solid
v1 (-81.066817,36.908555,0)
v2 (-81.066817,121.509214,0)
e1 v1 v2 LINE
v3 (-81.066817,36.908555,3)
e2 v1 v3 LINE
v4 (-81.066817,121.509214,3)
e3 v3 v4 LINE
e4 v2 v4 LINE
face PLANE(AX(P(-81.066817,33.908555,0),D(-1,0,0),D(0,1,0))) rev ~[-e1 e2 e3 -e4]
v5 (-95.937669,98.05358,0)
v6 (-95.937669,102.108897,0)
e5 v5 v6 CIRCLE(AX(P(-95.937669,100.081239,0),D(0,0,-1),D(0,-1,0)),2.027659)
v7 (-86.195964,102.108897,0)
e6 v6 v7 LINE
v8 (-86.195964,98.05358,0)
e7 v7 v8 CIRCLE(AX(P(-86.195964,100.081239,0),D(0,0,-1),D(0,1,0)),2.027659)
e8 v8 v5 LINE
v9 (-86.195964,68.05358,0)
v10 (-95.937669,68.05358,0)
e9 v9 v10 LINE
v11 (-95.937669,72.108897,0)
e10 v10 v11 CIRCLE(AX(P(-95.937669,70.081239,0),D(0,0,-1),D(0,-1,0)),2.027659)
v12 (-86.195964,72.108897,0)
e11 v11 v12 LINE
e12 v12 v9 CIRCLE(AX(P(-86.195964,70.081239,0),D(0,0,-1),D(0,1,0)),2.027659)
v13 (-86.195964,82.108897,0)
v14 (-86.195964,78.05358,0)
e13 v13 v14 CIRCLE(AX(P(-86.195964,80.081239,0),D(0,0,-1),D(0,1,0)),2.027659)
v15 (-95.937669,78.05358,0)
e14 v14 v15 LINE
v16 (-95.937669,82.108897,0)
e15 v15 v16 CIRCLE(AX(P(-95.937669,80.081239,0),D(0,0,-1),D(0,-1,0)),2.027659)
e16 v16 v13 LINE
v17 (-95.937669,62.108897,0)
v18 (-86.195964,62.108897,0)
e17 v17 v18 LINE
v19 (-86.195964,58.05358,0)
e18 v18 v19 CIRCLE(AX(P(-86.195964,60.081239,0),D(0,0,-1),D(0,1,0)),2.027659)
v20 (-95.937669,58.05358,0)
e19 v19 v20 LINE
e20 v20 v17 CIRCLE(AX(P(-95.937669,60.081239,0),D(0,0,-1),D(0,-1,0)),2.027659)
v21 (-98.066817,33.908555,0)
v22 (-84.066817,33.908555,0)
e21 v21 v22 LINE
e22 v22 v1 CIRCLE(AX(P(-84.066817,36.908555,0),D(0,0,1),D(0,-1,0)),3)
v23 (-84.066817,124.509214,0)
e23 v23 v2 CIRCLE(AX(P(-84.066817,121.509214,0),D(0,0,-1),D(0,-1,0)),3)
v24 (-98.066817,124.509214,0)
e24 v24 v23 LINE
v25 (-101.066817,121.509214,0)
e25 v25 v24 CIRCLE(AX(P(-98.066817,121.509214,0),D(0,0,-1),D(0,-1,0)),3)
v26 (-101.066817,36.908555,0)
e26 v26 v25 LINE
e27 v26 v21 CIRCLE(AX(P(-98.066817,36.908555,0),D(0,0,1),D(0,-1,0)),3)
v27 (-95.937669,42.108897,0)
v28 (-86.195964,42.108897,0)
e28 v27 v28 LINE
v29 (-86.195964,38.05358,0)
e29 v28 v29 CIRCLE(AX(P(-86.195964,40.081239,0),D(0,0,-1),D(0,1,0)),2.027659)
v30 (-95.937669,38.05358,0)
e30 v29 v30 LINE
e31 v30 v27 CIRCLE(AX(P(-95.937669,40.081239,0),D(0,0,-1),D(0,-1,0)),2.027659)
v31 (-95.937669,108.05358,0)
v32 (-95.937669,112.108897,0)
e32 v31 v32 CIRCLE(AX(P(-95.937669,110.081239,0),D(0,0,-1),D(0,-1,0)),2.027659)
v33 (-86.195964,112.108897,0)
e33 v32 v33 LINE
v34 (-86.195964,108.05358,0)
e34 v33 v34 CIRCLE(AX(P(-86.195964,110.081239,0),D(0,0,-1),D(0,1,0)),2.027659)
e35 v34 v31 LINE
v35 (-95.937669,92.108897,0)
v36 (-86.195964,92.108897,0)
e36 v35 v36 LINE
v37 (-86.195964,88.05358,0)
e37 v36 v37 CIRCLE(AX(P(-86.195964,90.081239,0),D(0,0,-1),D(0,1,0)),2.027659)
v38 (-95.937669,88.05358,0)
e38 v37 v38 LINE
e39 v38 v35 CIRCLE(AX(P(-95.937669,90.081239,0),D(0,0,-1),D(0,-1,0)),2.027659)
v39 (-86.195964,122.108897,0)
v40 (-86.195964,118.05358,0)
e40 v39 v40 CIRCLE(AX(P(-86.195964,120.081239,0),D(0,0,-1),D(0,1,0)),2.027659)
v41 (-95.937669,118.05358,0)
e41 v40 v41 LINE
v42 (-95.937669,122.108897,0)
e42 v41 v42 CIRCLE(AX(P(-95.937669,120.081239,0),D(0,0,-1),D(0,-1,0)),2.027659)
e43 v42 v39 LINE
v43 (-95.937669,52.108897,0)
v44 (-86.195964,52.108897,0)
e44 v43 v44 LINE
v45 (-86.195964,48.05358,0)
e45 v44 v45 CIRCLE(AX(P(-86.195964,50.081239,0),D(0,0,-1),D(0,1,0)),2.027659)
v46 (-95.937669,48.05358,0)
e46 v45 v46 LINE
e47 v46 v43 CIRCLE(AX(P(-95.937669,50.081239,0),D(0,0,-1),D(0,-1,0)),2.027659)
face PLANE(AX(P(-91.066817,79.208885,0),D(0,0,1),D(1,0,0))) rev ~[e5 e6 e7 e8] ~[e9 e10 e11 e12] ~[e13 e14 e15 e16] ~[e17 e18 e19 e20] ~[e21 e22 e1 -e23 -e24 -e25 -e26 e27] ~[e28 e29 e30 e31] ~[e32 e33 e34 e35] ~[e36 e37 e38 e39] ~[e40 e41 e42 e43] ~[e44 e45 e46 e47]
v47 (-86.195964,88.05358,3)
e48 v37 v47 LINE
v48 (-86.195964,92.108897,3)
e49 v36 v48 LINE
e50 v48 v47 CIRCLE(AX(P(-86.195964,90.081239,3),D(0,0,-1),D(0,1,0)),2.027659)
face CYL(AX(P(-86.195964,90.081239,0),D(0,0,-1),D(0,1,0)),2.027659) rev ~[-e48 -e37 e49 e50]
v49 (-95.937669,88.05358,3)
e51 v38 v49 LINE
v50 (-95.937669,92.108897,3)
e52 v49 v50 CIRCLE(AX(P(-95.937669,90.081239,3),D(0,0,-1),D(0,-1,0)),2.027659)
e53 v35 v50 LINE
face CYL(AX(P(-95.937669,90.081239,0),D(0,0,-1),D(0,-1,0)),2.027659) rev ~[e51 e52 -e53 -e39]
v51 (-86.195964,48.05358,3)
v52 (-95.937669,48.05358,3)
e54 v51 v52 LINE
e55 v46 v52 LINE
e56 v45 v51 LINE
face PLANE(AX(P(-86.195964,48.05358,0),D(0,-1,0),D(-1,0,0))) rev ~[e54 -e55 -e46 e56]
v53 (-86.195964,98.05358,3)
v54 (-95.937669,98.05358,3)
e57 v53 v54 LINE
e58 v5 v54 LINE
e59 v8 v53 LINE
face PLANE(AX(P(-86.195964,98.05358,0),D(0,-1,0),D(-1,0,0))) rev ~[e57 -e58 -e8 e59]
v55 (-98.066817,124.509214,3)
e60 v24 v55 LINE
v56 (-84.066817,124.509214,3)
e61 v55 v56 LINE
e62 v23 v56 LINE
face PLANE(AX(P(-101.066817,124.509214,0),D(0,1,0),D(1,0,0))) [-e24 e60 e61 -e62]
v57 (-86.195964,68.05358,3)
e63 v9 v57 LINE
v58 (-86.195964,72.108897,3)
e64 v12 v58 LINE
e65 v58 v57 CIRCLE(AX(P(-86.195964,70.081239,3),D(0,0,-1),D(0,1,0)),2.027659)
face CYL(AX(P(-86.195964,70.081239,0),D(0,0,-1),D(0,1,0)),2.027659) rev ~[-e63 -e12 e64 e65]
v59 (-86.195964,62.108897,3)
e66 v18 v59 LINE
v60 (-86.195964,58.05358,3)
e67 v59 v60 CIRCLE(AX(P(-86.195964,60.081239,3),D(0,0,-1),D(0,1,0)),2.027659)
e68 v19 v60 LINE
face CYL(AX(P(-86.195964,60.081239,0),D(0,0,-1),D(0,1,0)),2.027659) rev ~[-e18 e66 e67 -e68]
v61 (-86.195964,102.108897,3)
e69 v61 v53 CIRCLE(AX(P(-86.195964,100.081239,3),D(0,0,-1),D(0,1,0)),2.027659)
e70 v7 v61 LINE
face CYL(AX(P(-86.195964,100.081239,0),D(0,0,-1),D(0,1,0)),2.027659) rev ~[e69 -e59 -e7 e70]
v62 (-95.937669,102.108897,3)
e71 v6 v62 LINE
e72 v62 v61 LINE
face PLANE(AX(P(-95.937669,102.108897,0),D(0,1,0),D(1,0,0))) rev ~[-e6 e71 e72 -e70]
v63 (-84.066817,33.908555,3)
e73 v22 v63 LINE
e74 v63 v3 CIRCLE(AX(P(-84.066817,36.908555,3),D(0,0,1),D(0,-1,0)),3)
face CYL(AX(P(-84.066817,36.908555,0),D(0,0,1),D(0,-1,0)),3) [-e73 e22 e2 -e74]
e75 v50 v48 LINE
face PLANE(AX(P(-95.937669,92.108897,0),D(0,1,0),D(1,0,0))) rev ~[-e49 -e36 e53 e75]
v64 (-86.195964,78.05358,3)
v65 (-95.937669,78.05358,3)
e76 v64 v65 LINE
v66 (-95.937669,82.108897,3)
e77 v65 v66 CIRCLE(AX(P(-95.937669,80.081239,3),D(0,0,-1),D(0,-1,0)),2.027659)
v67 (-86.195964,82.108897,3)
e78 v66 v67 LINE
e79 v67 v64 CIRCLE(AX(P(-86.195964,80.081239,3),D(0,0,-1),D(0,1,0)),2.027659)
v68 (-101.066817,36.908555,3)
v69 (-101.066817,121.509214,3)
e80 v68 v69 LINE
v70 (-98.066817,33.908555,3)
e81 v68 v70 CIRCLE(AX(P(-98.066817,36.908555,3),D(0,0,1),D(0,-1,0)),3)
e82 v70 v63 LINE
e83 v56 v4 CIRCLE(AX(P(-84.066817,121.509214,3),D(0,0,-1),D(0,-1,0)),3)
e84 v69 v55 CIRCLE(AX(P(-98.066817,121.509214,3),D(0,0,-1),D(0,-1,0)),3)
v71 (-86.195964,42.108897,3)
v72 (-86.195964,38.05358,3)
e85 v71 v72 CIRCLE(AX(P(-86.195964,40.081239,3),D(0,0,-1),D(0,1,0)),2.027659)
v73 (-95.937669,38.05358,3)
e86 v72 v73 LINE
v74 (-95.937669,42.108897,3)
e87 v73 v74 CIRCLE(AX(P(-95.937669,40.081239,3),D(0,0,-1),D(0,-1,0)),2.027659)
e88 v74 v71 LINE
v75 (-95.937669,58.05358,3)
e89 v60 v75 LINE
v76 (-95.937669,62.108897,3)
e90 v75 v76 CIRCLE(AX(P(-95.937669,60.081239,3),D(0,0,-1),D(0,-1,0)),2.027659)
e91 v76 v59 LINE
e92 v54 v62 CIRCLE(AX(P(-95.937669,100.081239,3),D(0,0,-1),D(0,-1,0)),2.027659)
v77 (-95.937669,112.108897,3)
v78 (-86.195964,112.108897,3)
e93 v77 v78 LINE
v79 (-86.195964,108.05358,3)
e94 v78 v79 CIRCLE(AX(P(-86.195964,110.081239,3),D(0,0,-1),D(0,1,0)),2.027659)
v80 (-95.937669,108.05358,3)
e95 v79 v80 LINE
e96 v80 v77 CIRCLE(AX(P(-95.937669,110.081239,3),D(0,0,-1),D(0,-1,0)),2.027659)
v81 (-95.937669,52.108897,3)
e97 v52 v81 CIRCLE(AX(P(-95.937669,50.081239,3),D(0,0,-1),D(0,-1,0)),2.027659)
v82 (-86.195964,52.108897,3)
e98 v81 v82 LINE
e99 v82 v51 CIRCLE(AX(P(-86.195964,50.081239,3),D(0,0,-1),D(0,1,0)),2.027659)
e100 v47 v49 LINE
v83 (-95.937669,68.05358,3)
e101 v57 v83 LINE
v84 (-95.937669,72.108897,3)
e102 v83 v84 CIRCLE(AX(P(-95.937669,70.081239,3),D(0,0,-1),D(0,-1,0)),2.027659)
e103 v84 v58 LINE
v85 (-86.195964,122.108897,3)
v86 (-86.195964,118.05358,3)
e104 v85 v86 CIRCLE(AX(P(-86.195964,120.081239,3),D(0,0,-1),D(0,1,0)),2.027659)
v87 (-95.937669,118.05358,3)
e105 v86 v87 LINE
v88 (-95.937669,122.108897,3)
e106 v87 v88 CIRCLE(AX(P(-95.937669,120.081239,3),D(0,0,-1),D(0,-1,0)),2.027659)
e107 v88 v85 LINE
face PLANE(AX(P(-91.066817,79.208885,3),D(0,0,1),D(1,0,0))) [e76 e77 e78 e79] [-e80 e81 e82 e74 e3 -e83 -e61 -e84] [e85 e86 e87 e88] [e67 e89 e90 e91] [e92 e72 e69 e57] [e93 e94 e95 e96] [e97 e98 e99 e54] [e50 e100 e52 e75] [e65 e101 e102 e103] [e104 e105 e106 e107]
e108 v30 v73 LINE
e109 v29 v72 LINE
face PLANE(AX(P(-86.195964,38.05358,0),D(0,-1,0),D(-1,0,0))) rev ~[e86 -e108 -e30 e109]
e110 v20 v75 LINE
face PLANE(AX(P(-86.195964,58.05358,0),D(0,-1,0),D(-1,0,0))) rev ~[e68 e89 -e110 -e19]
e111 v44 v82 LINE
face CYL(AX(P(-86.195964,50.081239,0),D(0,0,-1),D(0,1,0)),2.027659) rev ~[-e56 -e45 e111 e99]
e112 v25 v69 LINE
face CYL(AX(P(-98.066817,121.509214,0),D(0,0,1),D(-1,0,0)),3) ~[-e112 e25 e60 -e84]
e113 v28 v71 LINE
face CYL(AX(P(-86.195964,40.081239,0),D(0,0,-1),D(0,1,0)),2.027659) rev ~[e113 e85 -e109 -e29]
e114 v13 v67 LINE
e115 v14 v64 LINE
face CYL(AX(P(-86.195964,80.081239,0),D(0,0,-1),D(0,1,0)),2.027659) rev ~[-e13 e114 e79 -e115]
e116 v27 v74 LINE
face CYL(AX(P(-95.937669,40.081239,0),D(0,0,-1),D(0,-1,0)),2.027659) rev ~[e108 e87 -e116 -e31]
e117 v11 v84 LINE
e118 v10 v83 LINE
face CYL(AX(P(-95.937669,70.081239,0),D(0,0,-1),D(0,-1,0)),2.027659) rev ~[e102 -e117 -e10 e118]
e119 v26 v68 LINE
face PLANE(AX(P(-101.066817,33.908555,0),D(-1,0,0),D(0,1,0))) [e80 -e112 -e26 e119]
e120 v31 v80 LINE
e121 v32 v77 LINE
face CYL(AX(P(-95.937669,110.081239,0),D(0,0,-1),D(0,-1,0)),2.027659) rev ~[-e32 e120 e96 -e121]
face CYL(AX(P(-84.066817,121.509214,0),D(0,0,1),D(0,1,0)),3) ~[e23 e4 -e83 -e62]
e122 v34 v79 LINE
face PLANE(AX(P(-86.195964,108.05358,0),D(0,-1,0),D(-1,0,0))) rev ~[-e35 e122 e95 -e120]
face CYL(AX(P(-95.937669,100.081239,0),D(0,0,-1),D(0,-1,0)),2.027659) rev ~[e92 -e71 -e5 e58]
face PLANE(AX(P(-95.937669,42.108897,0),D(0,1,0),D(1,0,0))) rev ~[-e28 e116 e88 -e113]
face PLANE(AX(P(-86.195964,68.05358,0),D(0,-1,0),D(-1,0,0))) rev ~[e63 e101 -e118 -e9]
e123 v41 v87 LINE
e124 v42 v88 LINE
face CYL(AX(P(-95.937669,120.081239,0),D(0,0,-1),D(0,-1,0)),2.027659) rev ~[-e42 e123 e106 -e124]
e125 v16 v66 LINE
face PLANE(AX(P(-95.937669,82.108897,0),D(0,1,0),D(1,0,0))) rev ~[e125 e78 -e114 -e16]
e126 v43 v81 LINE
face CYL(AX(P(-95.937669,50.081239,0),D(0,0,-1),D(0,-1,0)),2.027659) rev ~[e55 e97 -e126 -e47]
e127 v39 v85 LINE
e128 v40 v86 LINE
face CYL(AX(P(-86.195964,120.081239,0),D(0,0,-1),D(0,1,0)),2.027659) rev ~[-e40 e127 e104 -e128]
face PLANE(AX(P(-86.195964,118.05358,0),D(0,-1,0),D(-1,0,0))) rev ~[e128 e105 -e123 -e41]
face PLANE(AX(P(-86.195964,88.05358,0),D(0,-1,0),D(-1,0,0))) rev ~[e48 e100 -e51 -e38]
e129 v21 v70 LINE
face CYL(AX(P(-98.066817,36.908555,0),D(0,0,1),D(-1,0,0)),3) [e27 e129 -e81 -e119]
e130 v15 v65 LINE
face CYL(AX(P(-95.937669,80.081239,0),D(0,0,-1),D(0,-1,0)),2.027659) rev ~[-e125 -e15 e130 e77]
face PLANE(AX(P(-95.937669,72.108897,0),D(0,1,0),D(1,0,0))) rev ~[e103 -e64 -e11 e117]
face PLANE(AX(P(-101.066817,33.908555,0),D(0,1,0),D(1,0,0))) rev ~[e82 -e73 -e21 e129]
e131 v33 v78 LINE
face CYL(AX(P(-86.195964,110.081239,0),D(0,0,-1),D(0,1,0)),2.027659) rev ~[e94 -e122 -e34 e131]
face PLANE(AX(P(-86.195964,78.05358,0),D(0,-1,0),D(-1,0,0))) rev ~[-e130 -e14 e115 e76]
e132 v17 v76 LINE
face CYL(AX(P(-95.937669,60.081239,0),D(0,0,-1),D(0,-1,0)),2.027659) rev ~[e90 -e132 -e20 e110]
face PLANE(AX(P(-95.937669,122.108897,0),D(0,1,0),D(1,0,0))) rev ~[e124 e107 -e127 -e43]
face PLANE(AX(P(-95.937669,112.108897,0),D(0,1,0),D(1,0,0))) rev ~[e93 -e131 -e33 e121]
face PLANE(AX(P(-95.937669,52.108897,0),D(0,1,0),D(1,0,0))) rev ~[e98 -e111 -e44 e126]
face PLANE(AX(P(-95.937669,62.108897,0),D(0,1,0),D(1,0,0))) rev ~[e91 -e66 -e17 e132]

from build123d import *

# Parameters (mm, degrees)
SKETCH1_W           = 20
SKETCH1_H           = 90.600658981
BOSS_EXTRUDE1_DEPTH = 3
FILLET1_R           = 3


with BuildPart() as part:
    # Sketch1 → Boss-Extrude1 (new body)
    with BuildSketch(Plane.XY):
        with Locations((-91.066816784, 79.208884685)):
            Rectangle(SKETCH1_W, SKETCH1_H)
        with BuildLine():
            Line((-86.19596438, 38.053580074), (-95.937669189, 38.053580074))
            ThreePointArc((-95.937669189, 38.053580074), (-97.965327886, 40.081238771), (-95.937669189, 42.108897468))
            Line((-95.937669189, 42.108897468), (-86.19596438, 42.108897468))
            ThreePointArc((-86.19596438, 42.108897468), (-84.168305683, 40.081238771), (-86.19596438, 38.053580074))
        make_face(mode=Mode.SUBTRACT)
        with BuildLine():
            Line((-86.19596438, 48.053580074), (-95.937669189, 48.053580074))
            ThreePointArc((-95.937669189, 48.053580074), (-97.965327886, 50.081238771), (-95.937669189, 52.108897468))
            Line((-95.937669189, 52.108897468), (-86.19596438, 52.108897468))
            ThreePointArc((-86.19596438, 52.108897468), (-84.168305683, 50.081238771), (-86.19596438, 48.053580074))
        make_face(mode=Mode.SUBTRACT)
        with BuildLine():
            Line((-86.19596438, 58.053580074), (-95.937669189, 58.053580074))
            ThreePointArc((-95.937669189, 58.053580074), (-97.965327886, 60.081238771), (-95.937669189, 62.108897468))
            Line((-95.937669189, 62.108897468), (-86.19596438, 62.108897468))
            ThreePointArc((-86.19596438, 62.108897468), (-84.168305683, 60.081238771), (-86.19596438, 58.053580074))
        make_face(mode=Mode.SUBTRACT)
        with BuildLine():
            Line((-86.19596438, 68.053580074), (-95.937669189, 68.053580074))
            ThreePointArc((-95.937669189, 68.053580074), (-97.965327886, 70.081238771), (-95.937669189, 72.108897468))
            Line((-95.937669189, 72.108897468), (-86.19596438, 72.108897468))
            ThreePointArc((-86.19596438, 72.108897468), (-84.168305683, 70.081238771), (-86.19596438, 68.053580074))
        make_face(mode=Mode.SUBTRACT)
        with BuildLine():
            Line((-86.19596438, 78.053580074), (-95.937669189, 78.053580074))
            ThreePointArc((-95.937669189, 78.053580074), (-97.965327886, 80.081238771), (-95.937669189, 82.108897468))
            Line((-95.937669189, 82.108897468), (-86.19596438, 82.108897468))
            ThreePointArc((-86.19596438, 82.108897468), (-84.168305683, 80.081238771), (-86.19596438, 78.053580074))
        make_face(mode=Mode.SUBTRACT)
        with BuildLine():
            Line((-86.19596438, 88.053580074), (-95.937669189, 88.053580074))
            ThreePointArc((-95.937669189, 88.053580074), (-97.965327886, 90.081238771), (-95.937669189, 92.108897468))
            Line((-95.937669189, 92.108897468), (-86.19596438, 92.108897468))
            ThreePointArc((-86.19596438, 92.108897468), (-84.168305683, 90.081238771), (-86.19596438, 88.053580074))
        make_face(mode=Mode.SUBTRACT)
        with BuildLine():
            Line((-86.19596438, 98.053580074), (-95.937669189, 98.053580074))
            ThreePointArc((-95.937669189, 98.053580074), (-97.965327886, 100.081238771), (-95.937669189, 102.108897468))
            Line((-95.937669189, 102.108897468), (-86.19596438, 102.108897468))
            ThreePointArc((-86.19596438, 102.108897468), (-84.168305683, 100.081238771), (-86.19596438, 98.053580074))
        make_face(mode=Mode.SUBTRACT)
        with BuildLine():
            Line((-86.19596438, 108.053580074), (-95.937669189, 108.053580074))
            ThreePointArc((-95.937669189, 108.053580074), (-97.965327886, 110.081238771), (-95.937669189, 112.108897468))
            Line((-95.937669189, 112.108897468), (-86.19596438, 112.108897468))
            ThreePointArc((-86.19596438, 112.108897468), (-84.168305683, 110.081238771), (-86.19596438, 108.053580074))
        make_face(mode=Mode.SUBTRACT)
        with BuildLine():
            Line((-86.19596438, 118.053580074), (-95.937669189, 118.053580074))
            ThreePointArc((-95.937669189, 118.053580074), (-97.965327886, 120.081238771), (-95.937669189, 122.108897468))
            Line((-95.937669189, 122.108897468), (-86.19596438, 122.108897468))
            ThreePointArc((-86.19596438, 122.108897468), (-84.168305683, 120.081238771), (-86.19596438, 118.053580074))
        make_face(mode=Mode.SUBTRACT)
    extrude(amount=BOSS_EXTRUDE1_DEPTH)

    # Fillet1
    fillet1_edges = [part.edges().sort_by_distance(p)[0] for p in [
        (-101.066816784, 124.509214175, 1.5),
        (-81.066816784, 124.509214175, 1.5),
        (-81.066816784, 33.908555194, 1.5),
        (-101.066816784, 33.908555194, 1.5),
    ]]
    fillet(fillet1_edges, radius=FILLET1_R)


solid = part.part
